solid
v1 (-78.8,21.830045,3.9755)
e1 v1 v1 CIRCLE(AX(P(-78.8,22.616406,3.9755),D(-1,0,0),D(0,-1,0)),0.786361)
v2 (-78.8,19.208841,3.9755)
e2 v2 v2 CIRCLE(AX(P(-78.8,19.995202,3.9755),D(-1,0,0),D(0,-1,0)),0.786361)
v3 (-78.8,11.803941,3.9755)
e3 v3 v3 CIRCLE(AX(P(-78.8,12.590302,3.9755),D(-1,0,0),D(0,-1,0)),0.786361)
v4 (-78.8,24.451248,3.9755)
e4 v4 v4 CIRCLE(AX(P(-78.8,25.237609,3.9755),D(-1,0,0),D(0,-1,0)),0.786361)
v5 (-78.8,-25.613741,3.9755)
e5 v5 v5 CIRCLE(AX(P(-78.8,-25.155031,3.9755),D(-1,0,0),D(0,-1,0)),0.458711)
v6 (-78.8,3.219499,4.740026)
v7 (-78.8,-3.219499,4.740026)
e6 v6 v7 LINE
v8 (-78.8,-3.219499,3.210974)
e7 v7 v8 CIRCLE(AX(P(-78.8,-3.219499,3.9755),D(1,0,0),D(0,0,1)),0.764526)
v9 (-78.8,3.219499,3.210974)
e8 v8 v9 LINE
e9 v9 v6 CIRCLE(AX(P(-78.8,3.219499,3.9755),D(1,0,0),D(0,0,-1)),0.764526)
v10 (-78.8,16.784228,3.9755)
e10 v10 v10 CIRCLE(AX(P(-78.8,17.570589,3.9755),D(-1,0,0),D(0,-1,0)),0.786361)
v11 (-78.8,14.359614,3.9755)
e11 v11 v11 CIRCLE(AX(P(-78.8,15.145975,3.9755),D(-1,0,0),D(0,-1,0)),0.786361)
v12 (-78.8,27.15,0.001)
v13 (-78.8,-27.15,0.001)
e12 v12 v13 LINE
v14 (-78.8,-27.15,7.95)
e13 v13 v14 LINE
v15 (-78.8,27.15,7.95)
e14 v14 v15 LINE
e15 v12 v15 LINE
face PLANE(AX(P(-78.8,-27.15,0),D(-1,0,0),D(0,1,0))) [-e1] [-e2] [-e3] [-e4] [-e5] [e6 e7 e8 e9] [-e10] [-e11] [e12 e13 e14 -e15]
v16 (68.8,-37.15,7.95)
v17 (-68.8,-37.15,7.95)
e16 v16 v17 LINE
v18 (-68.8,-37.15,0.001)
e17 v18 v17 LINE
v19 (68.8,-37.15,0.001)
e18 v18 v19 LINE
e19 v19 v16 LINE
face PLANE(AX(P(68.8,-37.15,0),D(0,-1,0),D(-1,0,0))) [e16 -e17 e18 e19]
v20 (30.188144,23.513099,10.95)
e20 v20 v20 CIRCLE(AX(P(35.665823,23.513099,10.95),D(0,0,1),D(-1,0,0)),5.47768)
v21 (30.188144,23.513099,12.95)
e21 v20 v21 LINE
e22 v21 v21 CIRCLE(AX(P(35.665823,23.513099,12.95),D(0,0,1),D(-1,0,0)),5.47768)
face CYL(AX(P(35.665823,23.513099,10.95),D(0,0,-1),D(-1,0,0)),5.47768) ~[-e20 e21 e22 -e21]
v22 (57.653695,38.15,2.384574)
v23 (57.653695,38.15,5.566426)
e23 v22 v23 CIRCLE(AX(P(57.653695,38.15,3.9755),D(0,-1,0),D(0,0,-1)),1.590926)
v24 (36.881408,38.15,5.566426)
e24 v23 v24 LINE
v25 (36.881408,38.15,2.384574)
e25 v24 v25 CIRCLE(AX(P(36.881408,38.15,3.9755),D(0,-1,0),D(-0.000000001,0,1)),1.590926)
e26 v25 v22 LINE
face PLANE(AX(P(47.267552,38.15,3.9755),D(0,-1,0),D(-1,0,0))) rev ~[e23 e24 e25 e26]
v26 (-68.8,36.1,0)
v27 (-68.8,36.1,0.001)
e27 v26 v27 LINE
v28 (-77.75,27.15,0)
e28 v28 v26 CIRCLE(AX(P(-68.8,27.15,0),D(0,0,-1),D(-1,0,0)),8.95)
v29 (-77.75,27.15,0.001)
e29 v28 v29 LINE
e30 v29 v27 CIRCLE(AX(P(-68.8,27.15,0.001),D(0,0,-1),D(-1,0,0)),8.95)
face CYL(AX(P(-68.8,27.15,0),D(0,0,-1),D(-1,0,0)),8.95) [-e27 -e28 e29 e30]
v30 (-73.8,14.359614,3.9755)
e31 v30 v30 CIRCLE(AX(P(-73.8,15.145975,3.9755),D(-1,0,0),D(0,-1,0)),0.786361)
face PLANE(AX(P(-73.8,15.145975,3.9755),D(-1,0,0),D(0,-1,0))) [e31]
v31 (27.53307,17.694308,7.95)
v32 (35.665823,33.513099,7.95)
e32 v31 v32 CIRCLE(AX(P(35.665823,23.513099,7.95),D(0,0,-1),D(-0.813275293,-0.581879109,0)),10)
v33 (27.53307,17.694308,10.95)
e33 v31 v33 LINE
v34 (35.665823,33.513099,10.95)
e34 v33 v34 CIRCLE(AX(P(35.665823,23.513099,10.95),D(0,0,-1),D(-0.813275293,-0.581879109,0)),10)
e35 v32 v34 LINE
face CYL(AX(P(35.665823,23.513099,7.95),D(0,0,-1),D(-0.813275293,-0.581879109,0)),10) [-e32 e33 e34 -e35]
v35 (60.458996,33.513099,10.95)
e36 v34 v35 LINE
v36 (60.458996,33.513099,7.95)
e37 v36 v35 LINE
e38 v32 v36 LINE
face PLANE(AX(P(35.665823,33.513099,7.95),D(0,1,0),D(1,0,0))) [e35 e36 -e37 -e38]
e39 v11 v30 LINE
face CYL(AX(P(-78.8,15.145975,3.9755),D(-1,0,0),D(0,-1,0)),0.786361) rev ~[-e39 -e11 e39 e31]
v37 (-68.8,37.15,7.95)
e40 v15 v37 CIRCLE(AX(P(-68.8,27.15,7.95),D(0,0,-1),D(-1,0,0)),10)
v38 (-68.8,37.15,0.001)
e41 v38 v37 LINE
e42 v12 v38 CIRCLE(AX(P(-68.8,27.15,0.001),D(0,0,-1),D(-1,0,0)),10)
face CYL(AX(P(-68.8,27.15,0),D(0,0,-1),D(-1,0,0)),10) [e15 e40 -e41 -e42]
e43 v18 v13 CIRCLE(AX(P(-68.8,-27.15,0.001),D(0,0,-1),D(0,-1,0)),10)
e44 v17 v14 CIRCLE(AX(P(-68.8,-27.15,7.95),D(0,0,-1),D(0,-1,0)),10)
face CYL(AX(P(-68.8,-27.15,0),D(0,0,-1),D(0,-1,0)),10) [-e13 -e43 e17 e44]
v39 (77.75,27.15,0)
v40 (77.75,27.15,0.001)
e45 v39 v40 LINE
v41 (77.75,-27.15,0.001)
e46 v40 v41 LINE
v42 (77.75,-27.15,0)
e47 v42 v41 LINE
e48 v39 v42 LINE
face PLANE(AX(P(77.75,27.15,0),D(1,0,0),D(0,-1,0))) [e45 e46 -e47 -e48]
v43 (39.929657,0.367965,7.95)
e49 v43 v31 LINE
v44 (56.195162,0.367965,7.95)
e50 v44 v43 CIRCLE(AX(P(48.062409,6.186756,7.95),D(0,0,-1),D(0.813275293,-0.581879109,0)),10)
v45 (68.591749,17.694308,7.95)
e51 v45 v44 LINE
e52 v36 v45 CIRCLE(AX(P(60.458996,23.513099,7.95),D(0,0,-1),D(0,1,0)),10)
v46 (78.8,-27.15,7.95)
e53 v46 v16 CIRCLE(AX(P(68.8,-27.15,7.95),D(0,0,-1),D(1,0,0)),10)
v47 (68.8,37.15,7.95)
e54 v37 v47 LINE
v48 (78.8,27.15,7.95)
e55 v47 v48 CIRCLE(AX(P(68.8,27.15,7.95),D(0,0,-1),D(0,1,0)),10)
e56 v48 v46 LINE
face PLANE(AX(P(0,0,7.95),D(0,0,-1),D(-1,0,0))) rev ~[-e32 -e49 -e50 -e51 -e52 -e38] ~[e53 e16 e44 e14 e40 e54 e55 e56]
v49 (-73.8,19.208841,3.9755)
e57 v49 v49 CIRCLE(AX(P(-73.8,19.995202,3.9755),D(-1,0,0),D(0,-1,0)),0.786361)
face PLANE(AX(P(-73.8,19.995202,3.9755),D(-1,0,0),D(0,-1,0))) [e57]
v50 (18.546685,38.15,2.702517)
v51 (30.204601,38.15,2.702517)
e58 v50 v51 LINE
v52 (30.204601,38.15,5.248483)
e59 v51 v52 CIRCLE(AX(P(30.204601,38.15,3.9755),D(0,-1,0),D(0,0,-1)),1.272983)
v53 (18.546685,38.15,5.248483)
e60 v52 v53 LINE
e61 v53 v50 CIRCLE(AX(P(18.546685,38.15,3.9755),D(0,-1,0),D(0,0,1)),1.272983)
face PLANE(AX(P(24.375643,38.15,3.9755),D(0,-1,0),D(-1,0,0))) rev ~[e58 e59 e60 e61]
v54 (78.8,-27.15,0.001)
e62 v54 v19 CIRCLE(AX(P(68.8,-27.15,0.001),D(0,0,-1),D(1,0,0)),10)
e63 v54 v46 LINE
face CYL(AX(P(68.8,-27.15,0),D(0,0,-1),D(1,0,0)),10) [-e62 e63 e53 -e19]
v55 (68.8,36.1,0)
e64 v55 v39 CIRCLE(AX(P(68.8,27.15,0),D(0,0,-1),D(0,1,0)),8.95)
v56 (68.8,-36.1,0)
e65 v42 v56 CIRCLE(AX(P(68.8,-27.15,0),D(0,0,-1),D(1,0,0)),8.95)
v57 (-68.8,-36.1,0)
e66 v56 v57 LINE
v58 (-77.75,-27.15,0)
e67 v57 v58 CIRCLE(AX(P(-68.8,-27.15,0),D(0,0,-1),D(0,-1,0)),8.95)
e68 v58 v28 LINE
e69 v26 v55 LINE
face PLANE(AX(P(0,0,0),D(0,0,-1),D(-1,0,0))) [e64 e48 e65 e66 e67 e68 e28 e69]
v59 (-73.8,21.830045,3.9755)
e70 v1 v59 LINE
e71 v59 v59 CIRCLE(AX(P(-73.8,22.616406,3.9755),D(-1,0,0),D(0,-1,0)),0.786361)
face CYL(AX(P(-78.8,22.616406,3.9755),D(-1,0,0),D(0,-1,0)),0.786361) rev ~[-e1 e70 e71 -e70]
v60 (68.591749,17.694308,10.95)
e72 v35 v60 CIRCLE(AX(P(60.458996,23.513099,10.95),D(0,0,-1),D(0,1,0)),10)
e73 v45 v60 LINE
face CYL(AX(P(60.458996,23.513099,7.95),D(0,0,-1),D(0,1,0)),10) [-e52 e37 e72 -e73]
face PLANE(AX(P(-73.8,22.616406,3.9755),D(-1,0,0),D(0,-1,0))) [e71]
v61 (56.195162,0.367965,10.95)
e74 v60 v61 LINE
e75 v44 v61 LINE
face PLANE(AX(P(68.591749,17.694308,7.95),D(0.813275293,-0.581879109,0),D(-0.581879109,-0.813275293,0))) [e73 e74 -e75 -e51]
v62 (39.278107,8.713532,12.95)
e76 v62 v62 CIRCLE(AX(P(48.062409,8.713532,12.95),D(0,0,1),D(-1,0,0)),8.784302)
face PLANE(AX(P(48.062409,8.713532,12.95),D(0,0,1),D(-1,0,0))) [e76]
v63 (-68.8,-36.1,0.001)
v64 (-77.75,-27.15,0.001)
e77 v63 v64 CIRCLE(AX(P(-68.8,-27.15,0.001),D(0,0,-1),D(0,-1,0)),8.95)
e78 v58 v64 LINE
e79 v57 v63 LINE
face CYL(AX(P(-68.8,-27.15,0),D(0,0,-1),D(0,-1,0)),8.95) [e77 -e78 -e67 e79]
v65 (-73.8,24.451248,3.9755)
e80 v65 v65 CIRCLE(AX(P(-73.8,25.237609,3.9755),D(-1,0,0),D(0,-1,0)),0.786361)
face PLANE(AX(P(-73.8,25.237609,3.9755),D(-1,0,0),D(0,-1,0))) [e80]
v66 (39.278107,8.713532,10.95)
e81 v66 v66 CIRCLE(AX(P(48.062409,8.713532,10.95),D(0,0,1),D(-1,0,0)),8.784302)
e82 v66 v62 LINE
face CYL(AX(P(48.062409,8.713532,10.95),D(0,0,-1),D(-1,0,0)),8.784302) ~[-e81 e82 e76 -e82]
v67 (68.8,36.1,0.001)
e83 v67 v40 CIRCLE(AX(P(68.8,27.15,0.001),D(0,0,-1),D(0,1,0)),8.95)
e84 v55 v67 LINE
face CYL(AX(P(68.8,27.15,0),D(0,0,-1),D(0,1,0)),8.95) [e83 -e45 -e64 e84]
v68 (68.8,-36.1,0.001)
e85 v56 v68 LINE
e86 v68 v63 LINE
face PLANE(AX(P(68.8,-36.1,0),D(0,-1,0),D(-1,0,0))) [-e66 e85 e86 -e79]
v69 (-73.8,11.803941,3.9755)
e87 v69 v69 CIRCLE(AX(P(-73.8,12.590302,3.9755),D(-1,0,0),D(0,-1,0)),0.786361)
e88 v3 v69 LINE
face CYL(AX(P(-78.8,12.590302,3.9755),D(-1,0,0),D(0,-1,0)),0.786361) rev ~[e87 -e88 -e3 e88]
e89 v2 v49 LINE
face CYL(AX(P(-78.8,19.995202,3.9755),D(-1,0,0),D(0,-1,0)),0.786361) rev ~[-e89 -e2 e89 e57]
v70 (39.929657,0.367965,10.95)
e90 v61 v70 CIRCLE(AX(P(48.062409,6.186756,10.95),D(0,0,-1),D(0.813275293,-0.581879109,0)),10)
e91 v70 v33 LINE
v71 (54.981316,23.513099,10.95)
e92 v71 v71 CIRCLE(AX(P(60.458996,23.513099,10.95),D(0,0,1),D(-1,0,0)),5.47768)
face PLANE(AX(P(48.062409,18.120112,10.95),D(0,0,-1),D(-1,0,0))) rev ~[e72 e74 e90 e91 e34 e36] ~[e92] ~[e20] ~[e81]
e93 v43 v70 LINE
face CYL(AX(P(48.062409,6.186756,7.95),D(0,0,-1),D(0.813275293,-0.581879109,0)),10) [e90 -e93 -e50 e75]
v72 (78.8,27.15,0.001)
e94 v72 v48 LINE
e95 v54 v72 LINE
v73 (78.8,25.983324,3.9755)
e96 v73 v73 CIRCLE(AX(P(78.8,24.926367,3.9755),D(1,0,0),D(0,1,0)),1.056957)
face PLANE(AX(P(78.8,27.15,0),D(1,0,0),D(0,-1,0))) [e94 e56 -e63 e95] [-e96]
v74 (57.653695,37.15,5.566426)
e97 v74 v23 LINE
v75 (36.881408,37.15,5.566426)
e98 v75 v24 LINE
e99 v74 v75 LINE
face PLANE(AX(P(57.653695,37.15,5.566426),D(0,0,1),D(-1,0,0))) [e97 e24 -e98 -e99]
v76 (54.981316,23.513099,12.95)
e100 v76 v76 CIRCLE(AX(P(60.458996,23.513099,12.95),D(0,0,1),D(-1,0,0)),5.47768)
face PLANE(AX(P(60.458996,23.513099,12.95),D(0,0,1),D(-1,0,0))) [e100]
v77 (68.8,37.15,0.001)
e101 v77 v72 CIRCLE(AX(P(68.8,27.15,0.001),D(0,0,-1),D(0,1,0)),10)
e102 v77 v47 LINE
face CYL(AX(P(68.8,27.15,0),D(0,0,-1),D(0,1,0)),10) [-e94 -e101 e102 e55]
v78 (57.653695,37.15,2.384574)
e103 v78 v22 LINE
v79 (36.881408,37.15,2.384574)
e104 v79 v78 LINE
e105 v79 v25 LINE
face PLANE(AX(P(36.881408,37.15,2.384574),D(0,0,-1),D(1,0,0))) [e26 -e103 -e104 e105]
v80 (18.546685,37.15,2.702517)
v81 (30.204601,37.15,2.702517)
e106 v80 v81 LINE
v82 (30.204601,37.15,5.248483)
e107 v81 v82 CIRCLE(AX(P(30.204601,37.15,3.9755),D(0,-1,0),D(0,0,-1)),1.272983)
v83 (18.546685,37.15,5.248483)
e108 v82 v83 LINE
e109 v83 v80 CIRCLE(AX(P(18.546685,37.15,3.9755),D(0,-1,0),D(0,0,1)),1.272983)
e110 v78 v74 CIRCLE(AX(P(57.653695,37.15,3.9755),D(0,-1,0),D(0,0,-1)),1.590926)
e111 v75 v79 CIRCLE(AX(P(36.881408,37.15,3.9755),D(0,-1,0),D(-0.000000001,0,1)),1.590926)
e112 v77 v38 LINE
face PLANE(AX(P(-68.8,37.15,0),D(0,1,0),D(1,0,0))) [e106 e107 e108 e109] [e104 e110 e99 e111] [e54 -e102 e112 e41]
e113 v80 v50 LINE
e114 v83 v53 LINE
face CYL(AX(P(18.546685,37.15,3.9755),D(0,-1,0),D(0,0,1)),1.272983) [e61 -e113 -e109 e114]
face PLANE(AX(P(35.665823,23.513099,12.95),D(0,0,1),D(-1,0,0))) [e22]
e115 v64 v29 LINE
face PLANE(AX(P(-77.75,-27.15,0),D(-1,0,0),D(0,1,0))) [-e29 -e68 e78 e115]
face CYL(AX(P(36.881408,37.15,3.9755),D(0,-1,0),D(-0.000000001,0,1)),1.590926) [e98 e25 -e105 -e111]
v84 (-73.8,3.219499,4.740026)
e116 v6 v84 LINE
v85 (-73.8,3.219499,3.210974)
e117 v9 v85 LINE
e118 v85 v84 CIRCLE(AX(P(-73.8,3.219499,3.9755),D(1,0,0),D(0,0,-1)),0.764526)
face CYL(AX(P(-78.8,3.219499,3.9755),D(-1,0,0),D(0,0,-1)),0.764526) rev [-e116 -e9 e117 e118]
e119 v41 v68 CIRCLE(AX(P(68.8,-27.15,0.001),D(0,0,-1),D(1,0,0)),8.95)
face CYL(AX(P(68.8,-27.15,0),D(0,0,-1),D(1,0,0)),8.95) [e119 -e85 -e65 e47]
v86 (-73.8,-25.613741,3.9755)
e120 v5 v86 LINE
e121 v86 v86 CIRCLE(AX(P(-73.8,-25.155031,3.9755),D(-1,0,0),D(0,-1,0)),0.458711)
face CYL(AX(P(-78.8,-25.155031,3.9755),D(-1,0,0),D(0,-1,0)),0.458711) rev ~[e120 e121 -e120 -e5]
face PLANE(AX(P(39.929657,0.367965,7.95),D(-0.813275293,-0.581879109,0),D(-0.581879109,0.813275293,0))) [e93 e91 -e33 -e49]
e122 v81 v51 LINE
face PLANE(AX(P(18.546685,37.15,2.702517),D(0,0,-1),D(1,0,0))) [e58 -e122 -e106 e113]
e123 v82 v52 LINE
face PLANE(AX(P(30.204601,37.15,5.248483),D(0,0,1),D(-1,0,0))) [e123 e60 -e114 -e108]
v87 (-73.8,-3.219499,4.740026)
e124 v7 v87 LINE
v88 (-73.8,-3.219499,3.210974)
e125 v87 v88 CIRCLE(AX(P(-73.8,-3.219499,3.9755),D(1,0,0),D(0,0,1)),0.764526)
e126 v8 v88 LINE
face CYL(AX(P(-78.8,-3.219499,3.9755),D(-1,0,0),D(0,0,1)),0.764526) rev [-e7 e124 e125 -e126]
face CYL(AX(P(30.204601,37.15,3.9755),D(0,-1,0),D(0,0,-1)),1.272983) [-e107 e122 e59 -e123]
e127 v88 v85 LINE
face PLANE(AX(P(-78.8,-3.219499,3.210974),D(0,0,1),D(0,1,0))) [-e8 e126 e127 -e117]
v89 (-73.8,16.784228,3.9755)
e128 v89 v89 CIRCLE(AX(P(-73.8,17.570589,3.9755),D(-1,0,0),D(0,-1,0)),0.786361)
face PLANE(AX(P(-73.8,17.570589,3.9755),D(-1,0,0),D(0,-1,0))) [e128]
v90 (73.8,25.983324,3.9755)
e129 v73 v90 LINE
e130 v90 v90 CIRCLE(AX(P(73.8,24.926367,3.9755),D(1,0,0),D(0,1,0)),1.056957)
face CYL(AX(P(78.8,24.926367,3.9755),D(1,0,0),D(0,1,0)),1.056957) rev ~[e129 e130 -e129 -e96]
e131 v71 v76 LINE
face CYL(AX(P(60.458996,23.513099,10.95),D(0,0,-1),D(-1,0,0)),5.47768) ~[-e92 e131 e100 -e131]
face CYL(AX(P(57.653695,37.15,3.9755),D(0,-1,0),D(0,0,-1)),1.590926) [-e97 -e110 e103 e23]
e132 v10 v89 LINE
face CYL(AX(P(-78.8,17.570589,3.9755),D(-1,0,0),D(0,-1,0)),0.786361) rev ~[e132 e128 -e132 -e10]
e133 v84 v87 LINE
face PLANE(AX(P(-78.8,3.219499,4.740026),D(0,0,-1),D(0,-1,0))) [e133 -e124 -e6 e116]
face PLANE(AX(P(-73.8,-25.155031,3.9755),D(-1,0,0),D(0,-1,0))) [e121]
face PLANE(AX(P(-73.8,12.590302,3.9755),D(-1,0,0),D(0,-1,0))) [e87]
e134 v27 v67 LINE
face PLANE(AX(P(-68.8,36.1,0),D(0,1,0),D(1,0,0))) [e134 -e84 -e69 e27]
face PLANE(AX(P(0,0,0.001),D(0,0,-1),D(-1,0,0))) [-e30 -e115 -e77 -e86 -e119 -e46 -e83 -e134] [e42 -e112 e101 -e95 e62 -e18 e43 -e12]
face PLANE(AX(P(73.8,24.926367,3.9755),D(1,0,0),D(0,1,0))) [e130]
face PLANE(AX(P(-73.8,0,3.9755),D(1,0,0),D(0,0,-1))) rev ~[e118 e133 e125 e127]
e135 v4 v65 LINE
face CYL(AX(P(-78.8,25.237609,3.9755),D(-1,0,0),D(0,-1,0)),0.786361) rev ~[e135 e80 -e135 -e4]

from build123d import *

# Parameters (mm, degrees)
EXTRUDE_1_DEPTH      = 7.95
SKETCH_3_OUTSIDE_W   = 194.484
SKETCH_3_OUTSIDE_H   = 111.184
CUT_EXTRUDE_11_DEPTH = 0.001
SKETCH_5_R           = 1.056956527
CUT_EXTRUDE_12_DEPTH = 5
EXTRUDE_2_DEPTH      = 1
CUT_EXTRUDE_13_DEPTH = 5
SKETCH_8_R           = 0.78636109
CUT_EXTRUDE_14_DEPTH = 5
SKETCH_11_R          = 0.458710636
CUT_EXTRUDE_15_DEPTH = 5
EXTRUDE_3_DEPTH      = 3
SKETCH_14_R          = 8.784302199
SKETCH_14_R_2        = 5.477679508
EXTRUDE_4_DEPTH      = 2


with BuildPart() as part:
    # 草图1 → 凸台-拉伸1 (new body)
    with BuildSketch(Plane.XY):
        with BuildLine():
            Line((-68.8, 37.15), (68.8, 37.15))
            ThreePointArc((68.8, 37.15), (75.871067812, 34.221067812), (78.8, 27.15))
            Line((78.8, 27.15), (78.8, -27.15))
            ThreePointArc((78.8, -27.15), (75.871067812, -34.221067812), (68.8, -37.15))
            Line((68.8, -37.15), (-68.8, -37.15))
            ThreePointArc((-68.8, -37.15), (-75.871067812, -34.221067812), (-78.8, -27.15))
            Line((-78.8, -27.15), (-78.8, 27.15))
            ThreePointArc((-78.8, 27.15), (-75.871067812, 34.221067812), (-68.8, 37.15))
        make_face()
    extrude(amount=EXTRUDE_1_DEPTH)

    # 草图3 outside → 切除-拉伸11 (cut)
    with BuildSketch(Plane(origin=(0, 0, 0), x_dir=(-1, 0, 0), z_dir=(0, 0, -1))):
        Rectangle(SKETCH_3_OUTSIDE_W, SKETCH_3_OUTSIDE_H)
        with BuildLine():
            Line((-68.8, -36.1), (68.8, -36.1))
            ThreePointArc((68.8, -36.1), (75.128605692, -33.478605692), (77.75, -27.15))
            Line((77.75, -27.15), (77.75, 27.15))
            ThreePointArc((77.75, 27.15), (75.128605692, 33.478605692), (68.8, 36.1))
            Line((68.8, 36.1), (-68.8, 36.1))
            ThreePointArc((-68.8, 36.1), (-75.128605692, 33.478605692), (-77.75, 27.15))
            Line((-77.75, 27.15), (-77.75, -27.15))
            ThreePointArc((-77.75, -27.15), (-75.128605692, -33.478605692), (-68.8, -36.1))
        make_face(mode=Mode.SUBTRACT)
    extrude(amount=-CUT_EXTRUDE_11_DEPTH, mode=Mode.SUBTRACT)

    # 草图5 → 切除-拉伸12 (cut)
    with BuildSketch(Plane(origin=(78.8, 0, 0), x_dir=(0, 0, -1), z_dir=(1, 0, 0))):
        with Locations(Location((-3.9755, 24.926367293, 0), (0, 0, 90))):
            Circle(SKETCH_5_R)
    extrude(amount=-CUT_EXTRUDE_12_DEPTH, mode=Mode.SUBTRACT)

    # 草图6 → 凸台-拉伸2 (add)
    with BuildSketch(Plane(origin=(0, 37.15, 0), x_dir=(1, 0, 0), z_dir=(0, 1, 0))):
        with BuildLine():
            Line((36.881407925, -2.384573788), (57.653695148, -2.384573788))
            ThreePointArc((57.653695148, -2.384573788), (59.24462136, -3.9755), (57.653695148, -5.566426212))
            Line((57.653695148, -5.566426212), (36.881407925, -5.566426212))
            ThreePointArc((36.881407925, -5.566426212), (35.290481714, -3.9755), (36.881407925, -2.384573788))
        make_face()
        with BuildLine():
            Line((30.204601318, -5.24848304), (18.54668502, -5.24848304))
            ThreePointArc((18.54668502, -5.24848304), (17.27370198, -3.9755), (18.54668502, -2.70251696))
            Line((18.54668502, -2.70251696), (30.204601318, -2.70251696))
            ThreePointArc((30.204601318, -2.70251696), (31.477584358, -3.9755), (30.204601318, -5.24848304))
        make_face()
    extrude(amount=EXTRUDE_2_DEPTH)

    # 草图7 → 切除-拉伸13 (cut)
    with BuildSketch(Plane.ZY.offset(78.8)):
        with BuildLine():
            Line((3.210974453, -3.219498771), (3.210974453, 3.219498771))
            ThreePointArc((3.210974453, 3.219498771), (3.9755, 3.984024318), (4.740025547, 3.219498771))
            Line((4.740025547, 3.219498771), (4.740025547, -3.219498771))
            ThreePointArc((4.740025547, -3.219498771), (3.9755, -3.984024318), (3.210974453, -3.219498771))
        make_face()
    extrude(amount=-CUT_EXTRUDE_13_DEPTH, mode=Mode.SUBTRACT)

    # 草图8 → 切除-拉伸14 (cut)
    with BuildSketch(Plane.ZY.offset(78.8)):
        with Locations(Location((3.9755, 25.237609302, 0), (0, 0, 270))):
            Circle(SKETCH_8_R)
        with Locations(Location((3.9755, 22.616405668, 0), (0, 0, 270))):
            Circle(SKETCH_8_R)
        with Locations(Location((3.9755, 19.995202033, 0), (0, 0, 270))):
            Circle(SKETCH_8_R)
        with Locations(Location((3.9755, 17.570588671, 0), (0, 0, 270))):
            Circle(SKETCH_8_R)
        with Locations(Location((3.9755, 15.145975309, 0), (0, 0, 270))):
            Circle(SKETCH_8_R)
        with Locations(Location((3.9755, 12.590301765, 0), (0, 0, 270))):
            Circle(SKETCH_8_R)
    extrude(amount=-CUT_EXTRUDE_14_DEPTH, mode=Mode.SUBTRACT)

    # 草图11 → 切除-拉伸15 (cut)
    with BuildSketch(Plane.ZY.offset(78.8)):
        with Locations(Location((3.9755, -25.155030575, 0), (0, 0, 270))):
            Circle(SKETCH_11_R)
    extrude(amount=-CUT_EXTRUDE_15_DEPTH, mode=Mode.SUBTRACT)

    # 草图13 → 凸台-拉伸3 (add)
    with BuildSketch(Plane.XY.offset(7.95)):
        with BuildLine():
            Line((35.665823079, 33.513099336), (60.458995853, 33.513099336))
            ThreePointArc((60.458995853, 33.513099336), (69.352474106, 28.08541216), (68.591748787, 17.694308248))
            Line((68.591748787, 17.694308248), (56.1951624, 0.367964546))
            ThreePointArc((56.1951624, 0.367964546), (48.062409466, -3.813244367), (39.929656532, 0.367964546))
            Line((39.929656532, 0.367964546), (27.533070145, 17.694308248))
            ThreePointArc((27.533070145, 17.694308248), (26.772344826, 28.08541216), (35.665823079, 33.513099336))
        make_face()
    extrude(amount=EXTRUDE_3_DEPTH)

    # 草图14 → 凸台-拉伸4 (add)
    with BuildSketch(Plane.XY.offset(10.95)):
        with Locations(Location((48.062409466, 8.713531937, 0), (0, 0, 180))):
            Circle(SKETCH_14_R)
        with Locations(Location((35.665823079, 23.513099336, 0), (0, 0, 180))):
            Circle(SKETCH_14_R_2)
        with Locations(Location((60.458995853, 23.513099336, 0), (0, 0, 180))):
            Circle(SKETCH_14_R_2)
    extrude(amount=EXTRUDE_4_DEPTH)


solid = part.part
